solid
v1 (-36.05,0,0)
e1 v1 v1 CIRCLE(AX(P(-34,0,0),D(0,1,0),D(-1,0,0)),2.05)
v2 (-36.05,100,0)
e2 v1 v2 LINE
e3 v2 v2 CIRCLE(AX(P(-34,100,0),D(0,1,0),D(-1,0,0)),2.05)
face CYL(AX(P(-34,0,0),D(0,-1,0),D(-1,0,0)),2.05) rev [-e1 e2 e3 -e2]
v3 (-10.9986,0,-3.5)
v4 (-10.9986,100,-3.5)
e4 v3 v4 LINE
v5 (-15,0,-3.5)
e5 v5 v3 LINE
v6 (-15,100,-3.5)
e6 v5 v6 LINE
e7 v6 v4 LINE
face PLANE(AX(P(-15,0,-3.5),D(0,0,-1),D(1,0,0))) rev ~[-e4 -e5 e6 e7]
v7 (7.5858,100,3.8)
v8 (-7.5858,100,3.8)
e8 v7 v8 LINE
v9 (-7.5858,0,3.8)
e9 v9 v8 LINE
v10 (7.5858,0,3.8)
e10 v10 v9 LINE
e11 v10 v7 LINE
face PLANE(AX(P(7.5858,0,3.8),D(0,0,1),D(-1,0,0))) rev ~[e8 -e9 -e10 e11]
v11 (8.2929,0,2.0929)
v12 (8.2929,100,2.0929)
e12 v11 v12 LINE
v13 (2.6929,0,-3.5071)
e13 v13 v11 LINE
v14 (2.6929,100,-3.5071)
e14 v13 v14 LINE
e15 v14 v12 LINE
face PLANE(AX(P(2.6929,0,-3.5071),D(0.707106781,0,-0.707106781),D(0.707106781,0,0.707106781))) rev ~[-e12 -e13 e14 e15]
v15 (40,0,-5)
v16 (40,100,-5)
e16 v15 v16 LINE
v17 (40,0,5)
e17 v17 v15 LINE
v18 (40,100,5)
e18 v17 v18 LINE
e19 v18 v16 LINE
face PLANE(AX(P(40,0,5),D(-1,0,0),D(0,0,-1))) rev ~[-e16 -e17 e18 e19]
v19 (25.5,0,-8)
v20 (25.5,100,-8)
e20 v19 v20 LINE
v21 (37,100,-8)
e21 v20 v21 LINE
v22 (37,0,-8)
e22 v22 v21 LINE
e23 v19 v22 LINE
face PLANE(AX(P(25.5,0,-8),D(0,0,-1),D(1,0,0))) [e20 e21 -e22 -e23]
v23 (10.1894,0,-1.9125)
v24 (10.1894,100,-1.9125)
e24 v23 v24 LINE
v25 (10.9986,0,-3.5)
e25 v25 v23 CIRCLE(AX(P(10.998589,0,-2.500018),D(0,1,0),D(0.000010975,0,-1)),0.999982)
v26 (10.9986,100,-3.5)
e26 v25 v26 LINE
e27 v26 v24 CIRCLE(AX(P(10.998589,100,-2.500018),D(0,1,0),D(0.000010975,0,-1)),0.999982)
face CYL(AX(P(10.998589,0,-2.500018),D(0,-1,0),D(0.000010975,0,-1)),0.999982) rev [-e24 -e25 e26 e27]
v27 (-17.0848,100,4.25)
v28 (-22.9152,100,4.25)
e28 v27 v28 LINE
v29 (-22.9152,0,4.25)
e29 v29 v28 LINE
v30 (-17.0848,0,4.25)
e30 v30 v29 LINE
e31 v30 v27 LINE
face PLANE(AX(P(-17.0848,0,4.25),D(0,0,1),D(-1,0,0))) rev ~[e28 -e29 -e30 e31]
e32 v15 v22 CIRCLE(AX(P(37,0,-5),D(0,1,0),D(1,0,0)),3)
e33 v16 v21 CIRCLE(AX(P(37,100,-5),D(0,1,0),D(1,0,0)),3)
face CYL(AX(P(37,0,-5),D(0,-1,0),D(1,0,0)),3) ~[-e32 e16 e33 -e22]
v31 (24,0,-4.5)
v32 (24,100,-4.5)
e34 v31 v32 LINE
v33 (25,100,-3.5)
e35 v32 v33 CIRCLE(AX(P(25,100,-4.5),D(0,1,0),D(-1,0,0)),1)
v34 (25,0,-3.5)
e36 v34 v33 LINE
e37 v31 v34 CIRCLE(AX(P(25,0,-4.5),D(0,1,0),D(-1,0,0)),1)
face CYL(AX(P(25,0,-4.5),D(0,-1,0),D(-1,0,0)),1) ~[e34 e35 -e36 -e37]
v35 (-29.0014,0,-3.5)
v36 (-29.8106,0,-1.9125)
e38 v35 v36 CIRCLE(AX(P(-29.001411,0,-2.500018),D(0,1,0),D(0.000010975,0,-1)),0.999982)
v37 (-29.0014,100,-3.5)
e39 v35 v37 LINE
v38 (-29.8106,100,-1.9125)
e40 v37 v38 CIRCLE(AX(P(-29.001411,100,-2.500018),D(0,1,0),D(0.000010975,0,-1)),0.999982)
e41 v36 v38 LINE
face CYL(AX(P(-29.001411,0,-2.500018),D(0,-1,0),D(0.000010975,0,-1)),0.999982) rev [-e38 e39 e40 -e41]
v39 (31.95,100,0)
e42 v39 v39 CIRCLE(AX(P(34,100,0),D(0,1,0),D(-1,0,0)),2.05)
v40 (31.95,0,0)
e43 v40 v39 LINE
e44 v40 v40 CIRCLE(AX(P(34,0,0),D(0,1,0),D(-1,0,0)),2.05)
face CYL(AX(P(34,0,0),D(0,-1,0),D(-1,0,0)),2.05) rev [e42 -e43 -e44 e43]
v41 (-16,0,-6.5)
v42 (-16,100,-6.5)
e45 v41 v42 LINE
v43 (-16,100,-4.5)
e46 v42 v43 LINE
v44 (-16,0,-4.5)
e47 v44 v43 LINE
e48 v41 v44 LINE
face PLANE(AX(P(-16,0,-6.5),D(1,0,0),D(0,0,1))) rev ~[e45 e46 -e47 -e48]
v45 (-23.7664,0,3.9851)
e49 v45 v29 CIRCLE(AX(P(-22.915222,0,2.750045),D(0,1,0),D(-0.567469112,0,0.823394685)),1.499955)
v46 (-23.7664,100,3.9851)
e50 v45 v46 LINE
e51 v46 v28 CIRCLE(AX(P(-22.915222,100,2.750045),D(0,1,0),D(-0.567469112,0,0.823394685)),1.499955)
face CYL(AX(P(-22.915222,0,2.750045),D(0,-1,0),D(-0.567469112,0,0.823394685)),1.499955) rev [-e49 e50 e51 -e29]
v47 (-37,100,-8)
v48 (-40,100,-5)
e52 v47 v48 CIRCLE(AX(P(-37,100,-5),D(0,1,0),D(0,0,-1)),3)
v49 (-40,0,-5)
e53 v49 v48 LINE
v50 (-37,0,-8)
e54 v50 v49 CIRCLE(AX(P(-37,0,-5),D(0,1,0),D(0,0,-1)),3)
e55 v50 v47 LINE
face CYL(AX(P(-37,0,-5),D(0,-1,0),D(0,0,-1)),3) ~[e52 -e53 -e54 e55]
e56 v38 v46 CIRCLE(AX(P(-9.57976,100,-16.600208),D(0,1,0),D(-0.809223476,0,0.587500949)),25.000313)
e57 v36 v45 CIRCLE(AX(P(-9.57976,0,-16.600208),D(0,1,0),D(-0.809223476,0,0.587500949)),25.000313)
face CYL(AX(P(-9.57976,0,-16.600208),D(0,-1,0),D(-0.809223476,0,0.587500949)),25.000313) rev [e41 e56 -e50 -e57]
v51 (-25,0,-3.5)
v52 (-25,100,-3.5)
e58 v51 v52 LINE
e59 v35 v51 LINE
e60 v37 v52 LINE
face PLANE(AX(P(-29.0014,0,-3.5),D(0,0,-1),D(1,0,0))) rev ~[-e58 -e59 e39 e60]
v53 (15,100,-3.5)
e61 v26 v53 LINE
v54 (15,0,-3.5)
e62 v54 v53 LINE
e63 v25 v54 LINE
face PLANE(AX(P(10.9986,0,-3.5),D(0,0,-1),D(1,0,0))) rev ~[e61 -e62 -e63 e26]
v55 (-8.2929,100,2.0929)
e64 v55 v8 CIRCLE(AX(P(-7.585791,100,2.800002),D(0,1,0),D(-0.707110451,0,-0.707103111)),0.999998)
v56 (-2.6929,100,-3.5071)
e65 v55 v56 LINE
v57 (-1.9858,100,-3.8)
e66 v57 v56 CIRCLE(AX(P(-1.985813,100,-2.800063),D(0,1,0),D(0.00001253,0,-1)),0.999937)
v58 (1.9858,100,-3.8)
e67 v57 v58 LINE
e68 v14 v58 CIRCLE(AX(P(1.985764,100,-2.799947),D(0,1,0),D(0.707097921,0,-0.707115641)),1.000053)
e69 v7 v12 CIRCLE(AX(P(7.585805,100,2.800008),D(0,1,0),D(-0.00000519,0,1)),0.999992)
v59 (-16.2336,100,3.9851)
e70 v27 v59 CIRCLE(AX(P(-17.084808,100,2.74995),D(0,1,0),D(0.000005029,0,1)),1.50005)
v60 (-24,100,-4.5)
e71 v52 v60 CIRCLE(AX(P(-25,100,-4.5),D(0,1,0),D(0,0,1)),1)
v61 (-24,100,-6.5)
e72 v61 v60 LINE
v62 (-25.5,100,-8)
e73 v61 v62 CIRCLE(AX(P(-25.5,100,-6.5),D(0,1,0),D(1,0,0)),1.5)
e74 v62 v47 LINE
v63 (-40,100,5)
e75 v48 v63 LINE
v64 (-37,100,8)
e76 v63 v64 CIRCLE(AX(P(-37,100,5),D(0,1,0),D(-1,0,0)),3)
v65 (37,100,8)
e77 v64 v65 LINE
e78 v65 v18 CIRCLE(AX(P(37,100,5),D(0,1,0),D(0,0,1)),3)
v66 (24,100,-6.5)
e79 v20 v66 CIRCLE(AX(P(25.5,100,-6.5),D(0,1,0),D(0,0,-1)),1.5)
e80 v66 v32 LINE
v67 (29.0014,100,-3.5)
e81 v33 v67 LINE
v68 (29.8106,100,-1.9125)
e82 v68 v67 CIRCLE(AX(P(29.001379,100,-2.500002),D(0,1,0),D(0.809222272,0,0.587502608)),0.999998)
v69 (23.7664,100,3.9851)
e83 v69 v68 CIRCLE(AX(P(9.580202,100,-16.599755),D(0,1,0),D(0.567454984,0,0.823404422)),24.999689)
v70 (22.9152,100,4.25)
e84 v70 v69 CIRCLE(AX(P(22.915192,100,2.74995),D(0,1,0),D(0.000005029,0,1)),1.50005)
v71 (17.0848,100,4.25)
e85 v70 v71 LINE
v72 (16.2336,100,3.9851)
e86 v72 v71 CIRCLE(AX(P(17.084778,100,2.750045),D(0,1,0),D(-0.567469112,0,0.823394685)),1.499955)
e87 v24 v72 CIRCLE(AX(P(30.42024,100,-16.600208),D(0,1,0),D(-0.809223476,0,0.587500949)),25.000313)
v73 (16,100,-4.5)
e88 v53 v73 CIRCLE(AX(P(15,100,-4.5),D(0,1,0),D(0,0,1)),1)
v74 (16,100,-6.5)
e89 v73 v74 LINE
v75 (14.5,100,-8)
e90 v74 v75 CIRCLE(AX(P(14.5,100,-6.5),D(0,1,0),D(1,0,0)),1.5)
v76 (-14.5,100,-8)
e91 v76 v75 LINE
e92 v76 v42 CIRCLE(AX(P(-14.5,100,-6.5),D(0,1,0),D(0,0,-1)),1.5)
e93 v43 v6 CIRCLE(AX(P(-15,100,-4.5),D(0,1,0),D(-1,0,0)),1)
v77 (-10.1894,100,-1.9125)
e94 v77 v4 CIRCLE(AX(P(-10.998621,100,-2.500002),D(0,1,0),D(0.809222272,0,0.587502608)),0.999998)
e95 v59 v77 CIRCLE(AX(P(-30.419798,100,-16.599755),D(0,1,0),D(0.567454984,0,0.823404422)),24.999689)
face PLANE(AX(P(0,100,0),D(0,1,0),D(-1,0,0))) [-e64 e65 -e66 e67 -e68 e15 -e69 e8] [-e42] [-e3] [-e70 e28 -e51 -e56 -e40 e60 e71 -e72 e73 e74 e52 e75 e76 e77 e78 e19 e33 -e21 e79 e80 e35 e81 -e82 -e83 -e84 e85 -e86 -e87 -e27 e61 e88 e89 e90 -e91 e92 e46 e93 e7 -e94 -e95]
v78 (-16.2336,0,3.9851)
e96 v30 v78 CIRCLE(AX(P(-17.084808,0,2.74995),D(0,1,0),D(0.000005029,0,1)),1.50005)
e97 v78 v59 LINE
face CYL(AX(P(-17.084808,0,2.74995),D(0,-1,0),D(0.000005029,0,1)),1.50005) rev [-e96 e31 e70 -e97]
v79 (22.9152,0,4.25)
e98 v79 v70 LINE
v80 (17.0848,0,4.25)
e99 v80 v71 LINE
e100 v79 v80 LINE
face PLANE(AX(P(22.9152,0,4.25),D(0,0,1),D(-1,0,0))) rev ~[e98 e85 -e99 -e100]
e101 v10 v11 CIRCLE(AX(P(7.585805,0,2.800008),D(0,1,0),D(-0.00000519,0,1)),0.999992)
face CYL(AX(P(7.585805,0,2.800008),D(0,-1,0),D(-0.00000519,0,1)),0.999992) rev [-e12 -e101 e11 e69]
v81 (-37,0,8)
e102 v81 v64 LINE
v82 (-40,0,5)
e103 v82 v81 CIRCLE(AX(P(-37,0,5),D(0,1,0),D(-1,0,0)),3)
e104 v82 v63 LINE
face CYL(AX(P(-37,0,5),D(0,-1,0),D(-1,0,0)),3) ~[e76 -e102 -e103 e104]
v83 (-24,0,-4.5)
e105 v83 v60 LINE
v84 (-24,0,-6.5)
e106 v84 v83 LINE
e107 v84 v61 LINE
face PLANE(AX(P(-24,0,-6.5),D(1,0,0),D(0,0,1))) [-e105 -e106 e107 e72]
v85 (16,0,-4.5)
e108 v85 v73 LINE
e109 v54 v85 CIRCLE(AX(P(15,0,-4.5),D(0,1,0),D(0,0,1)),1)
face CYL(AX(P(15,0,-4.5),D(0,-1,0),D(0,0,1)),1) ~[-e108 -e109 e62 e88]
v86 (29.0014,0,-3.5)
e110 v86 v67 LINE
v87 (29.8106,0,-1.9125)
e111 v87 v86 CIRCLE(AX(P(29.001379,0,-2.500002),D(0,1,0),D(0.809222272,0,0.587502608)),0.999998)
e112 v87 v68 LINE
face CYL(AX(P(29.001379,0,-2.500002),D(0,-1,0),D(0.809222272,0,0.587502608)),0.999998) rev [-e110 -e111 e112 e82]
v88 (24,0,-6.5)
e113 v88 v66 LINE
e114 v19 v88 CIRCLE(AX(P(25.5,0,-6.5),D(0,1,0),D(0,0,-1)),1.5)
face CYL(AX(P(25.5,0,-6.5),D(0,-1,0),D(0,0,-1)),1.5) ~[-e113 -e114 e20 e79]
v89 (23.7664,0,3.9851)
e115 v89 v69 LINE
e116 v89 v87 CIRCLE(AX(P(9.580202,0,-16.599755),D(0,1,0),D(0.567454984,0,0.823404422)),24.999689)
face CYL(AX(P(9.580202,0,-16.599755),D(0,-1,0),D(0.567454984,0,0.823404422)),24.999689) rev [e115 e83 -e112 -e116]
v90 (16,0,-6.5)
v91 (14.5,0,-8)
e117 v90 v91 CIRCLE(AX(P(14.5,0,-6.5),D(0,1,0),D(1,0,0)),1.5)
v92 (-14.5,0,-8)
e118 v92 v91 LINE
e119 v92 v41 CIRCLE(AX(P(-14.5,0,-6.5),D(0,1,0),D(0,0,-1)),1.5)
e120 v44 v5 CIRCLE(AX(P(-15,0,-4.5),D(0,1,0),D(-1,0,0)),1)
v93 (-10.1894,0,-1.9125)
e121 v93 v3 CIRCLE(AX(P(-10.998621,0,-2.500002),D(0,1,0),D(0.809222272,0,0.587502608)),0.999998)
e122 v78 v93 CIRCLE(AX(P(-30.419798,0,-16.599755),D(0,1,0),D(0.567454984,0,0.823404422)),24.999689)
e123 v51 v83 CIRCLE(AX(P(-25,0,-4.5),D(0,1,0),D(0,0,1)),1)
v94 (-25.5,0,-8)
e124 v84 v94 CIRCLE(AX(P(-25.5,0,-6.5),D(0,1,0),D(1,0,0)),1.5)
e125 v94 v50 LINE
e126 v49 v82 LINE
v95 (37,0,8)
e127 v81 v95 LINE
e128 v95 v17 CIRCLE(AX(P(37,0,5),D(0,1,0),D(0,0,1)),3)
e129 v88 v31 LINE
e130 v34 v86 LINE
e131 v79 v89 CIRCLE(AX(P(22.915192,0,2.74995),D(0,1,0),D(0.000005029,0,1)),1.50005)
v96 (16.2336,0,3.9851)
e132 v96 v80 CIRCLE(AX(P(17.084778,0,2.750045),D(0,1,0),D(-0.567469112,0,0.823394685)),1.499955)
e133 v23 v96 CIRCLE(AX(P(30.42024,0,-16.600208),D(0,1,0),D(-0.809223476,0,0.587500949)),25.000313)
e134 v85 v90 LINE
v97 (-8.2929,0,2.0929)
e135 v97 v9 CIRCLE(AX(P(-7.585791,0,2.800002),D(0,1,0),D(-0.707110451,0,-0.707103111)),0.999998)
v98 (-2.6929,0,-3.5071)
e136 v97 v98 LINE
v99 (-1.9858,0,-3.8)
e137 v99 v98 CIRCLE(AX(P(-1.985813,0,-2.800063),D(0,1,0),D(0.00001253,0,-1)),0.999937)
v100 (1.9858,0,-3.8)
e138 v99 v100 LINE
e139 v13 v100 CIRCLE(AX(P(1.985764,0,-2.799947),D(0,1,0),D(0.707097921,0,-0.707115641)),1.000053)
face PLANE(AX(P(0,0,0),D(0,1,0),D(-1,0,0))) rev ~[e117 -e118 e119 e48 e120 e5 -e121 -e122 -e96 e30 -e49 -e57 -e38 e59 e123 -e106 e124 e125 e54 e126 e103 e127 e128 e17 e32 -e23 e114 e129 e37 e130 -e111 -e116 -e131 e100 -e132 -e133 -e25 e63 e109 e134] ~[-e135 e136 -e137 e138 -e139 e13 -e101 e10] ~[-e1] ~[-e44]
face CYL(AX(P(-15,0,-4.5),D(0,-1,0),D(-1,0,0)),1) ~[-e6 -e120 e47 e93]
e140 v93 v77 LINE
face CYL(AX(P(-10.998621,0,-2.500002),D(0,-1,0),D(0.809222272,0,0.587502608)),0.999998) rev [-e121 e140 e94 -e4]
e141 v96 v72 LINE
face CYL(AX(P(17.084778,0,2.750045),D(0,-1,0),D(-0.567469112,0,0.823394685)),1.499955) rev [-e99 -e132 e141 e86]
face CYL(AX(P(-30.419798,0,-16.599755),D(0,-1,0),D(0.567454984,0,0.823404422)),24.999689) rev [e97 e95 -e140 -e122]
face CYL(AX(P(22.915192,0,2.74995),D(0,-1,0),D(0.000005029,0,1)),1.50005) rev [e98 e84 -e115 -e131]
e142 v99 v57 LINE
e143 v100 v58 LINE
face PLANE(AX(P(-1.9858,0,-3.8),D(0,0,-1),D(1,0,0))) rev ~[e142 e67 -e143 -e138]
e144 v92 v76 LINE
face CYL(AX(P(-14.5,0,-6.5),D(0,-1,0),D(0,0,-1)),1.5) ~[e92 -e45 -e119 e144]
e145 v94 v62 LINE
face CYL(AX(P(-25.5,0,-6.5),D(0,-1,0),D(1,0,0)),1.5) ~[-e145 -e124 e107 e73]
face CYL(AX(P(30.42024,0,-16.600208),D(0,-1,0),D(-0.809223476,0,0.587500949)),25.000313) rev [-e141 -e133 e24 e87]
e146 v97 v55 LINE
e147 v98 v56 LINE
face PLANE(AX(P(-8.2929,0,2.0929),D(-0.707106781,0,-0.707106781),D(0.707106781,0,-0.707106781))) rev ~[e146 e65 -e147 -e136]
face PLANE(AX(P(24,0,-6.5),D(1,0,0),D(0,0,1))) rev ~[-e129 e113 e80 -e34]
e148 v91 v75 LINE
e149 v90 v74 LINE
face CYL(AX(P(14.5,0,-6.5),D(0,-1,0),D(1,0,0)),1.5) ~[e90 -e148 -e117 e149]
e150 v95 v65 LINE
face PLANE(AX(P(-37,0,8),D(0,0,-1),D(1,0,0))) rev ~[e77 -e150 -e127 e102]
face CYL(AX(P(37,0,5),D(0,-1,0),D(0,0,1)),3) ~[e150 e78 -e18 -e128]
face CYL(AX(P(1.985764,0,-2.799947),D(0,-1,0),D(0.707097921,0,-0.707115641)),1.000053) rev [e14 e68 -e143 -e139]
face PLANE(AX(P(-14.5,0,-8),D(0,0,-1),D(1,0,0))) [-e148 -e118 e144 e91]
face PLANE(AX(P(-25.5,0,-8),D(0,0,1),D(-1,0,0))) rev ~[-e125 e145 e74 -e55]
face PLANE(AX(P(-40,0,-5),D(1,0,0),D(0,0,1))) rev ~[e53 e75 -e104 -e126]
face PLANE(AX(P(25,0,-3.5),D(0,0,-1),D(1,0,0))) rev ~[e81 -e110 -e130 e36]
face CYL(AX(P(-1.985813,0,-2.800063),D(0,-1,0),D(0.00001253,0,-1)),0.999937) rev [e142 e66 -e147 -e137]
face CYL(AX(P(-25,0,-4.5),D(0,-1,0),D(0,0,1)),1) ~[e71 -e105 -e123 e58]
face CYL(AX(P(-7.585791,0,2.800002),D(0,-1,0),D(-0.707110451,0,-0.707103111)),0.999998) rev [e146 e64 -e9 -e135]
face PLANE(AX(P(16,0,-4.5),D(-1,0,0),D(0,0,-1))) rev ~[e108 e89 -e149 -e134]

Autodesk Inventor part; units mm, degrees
ref_plane "YZ Plane" through (0, 0, 0) normal (1, 0, 0) x (0, 1, 0)
ref_plane "Start Plane" through (0, 0, 0) normal (0, 1, 0) x (-1, 0, 0)
ref_plane "End Plane" through (0, 100, 0) normal (0, 1, 0) x (-1, 0, 0)
sketch "Sketch1" plane through (0, 0, 0) normal (0, 1, 0) x (-1, 0, 0)
  line L0 (40, -5) -> (40, 5)
  arc A0 (40, 5) -> (37, 8) centre (37, 5) ccw
  line L1 (37, 8) -> (-37, 8)
  line L2 (14.5, -8) -> (-14.5, -8)
  arc A1 (14.5, -8) -> (16, -6.5) centre (14.5, -6.5) ccw
  line L3 (-25.5, -8) -> (-37, -8)
  arc A2 (-25.5, -8) -> (-24, -6.5) centre (-25.5, -6.5) ccw
  arc A3 (-37, 8) -> (-40, 5) centre (-37, 5) ccw
  line L4 (-40, 5) -> (-40, -5)
  arc A4 (-40, -5) -> (-37, -8) centre (-37, -5) ccw
  line L5 (-24, -6.5) -> (-24, -4.5)
  arc A5 (-24, -4.5) -> (-25, -3.5) centre (-25, -4.5) ccw
  line L6 (-25, -3.5) -> (-29.0014, -3.5)
  arc A6 (-29.8106, -1.9125) -> (-29.0014, -3.5) centre (-29.0014, -2.5) ccw
  arc A7 (-23.7664, 3.9851) -> (-29.8106, -1.9125) centre (-9.58, -16.6) ccw
  arc A8 (-22.9152, 4.25) -> (-23.7664, 3.9851) centre (-22.9152, 2.75) ccw
  line L7 (-22.9152, 4.25) -> (-17.0848, 4.25)
  arc A9 (-16.2336, 3.9851) -> (-17.0848, 4.25) centre (-17.0848, 2.75) ccw
  arc A10 (-10.1894, -1.9125) -> (-16.2336, 3.9851) centre (-30.42, -16.6) ccw
  arc A11 (-10.9986, -3.5) -> (-10.1894, -1.9125) centre (-10.9986, -2.5) ccw
  line L8 (-10.9986, -3.5) -> (-15, -3.5)
  arc A12 (-15, -3.5) -> (-16, -4.5) centre (-15, -4.5) ccw
  line L9 (-16, -4.5) -> (-16, -6.5)
  arc A13 (-16, -6.5) -> (-14.5, -8) centre (-14.5, -6.5) ccw
  line L10 (16, -6.5) -> (16, -4.5)
  arc A14 (16, -4.5) -> (15, -3.5) centre (15, -4.5) ccw
  line L11 (15, -3.5) -> (10.9986, -3.5)
  arc A15 (10.1894, -1.9125) -> (10.9986, -3.5) centre (10.9986, -2.5) ccw
  arc A16 (16.2336, 3.9851) -> (10.1894, -1.9125) centre (30.42, -16.6) ccw
  arc A17 (17.0848, 4.25) -> (16.2336, 3.9851) centre (17.0848, 2.75) ccw
  line L12 (17.0848, 4.25) -> (22.9152, 4.25)
  arc A18 (23.7664, 3.9851) -> (22.9152, 4.25) centre (22.9152, 2.75) ccw
  arc A19 (29.8106, -1.9125) -> (23.7664, 3.9851) centre (9.58, -16.6) ccw
  arc A20 (29.0014, -3.5) -> (29.8106, -1.9125) centre (29.0014, -2.5) ccw
  line L13 (29.0014, -3.5) -> (25, -3.5)
  arc A21 (25, -3.5) -> (24, -4.5) centre (25, -4.5) ccw
  line L14 (1.9858, -3.8) -> (-1.9858, -3.8)
  arc A22 (-2.6929, -3.5071) -> (-1.9858, -3.8) centre (-1.9858, -2.8) ccw
  line L15 (-2.6929, -3.5071) -> (-8.2929, 2.0929)
  arc A23 (-7.5858, 3.8) -> (-8.2929, 2.0929) centre (-7.5858, 2.8) ccw
  line L16 (-7.5858, 3.8) -> (7.5858, 3.8)
  arc A24 (8.2929, 2.0929) -> (7.5858, 3.8) centre (7.5858, 2.8) ccw
  line L17 (8.2929, 2.0929) -> (2.6929, -3.5071)
  arc A25 (1.9858, -3.8) -> (2.6929, -3.5071) centre (1.9858, -2.8) ccw
  circle A26 centre (-34, 0) radius 2.05
  circle A27 centre (34, 0) radius 2.05
  line L18 (25.5, -8) -> (37, -8)
  arc A28 (24, -6.5) -> (25.5, -8) centre (25.5, -6.5) ccw
  arc A29 (37, -8) -> (40, -5) centre (37, -5) ccw
  line L19 (24, -6.5) -> (24, -4.5)
  point P0 (0, 0)
extrude "Body" add sketch "Sketch1" along normal up to surface (100 mm away) from surface at 0
sketch "Sketch2" plane through (0, 0, 0) normal (0, 1, 0) x (-1, 0, 0)
  line L0 (0, 0) -> (10, 0)
ref_plane "Work Plane3" through (0, 0, 0) normal (0, 0, -1) x (-1, 0, 0)
sketch "Sketch3" plane through (0, 0, 0) normal (0, 0, -1) x (-1, 0, 0)
  line L0 (-56, 0) -> (56, 0)
  line L1 (-56, 100) -> (56, 100)
  dimension "d15" = 100
equation "\"G_OFFSET_START\" = 0"
equation "\"G_OFFSET_END\" = 0"
equation "\"G_L\" = d15"
properties part number "10-081"
